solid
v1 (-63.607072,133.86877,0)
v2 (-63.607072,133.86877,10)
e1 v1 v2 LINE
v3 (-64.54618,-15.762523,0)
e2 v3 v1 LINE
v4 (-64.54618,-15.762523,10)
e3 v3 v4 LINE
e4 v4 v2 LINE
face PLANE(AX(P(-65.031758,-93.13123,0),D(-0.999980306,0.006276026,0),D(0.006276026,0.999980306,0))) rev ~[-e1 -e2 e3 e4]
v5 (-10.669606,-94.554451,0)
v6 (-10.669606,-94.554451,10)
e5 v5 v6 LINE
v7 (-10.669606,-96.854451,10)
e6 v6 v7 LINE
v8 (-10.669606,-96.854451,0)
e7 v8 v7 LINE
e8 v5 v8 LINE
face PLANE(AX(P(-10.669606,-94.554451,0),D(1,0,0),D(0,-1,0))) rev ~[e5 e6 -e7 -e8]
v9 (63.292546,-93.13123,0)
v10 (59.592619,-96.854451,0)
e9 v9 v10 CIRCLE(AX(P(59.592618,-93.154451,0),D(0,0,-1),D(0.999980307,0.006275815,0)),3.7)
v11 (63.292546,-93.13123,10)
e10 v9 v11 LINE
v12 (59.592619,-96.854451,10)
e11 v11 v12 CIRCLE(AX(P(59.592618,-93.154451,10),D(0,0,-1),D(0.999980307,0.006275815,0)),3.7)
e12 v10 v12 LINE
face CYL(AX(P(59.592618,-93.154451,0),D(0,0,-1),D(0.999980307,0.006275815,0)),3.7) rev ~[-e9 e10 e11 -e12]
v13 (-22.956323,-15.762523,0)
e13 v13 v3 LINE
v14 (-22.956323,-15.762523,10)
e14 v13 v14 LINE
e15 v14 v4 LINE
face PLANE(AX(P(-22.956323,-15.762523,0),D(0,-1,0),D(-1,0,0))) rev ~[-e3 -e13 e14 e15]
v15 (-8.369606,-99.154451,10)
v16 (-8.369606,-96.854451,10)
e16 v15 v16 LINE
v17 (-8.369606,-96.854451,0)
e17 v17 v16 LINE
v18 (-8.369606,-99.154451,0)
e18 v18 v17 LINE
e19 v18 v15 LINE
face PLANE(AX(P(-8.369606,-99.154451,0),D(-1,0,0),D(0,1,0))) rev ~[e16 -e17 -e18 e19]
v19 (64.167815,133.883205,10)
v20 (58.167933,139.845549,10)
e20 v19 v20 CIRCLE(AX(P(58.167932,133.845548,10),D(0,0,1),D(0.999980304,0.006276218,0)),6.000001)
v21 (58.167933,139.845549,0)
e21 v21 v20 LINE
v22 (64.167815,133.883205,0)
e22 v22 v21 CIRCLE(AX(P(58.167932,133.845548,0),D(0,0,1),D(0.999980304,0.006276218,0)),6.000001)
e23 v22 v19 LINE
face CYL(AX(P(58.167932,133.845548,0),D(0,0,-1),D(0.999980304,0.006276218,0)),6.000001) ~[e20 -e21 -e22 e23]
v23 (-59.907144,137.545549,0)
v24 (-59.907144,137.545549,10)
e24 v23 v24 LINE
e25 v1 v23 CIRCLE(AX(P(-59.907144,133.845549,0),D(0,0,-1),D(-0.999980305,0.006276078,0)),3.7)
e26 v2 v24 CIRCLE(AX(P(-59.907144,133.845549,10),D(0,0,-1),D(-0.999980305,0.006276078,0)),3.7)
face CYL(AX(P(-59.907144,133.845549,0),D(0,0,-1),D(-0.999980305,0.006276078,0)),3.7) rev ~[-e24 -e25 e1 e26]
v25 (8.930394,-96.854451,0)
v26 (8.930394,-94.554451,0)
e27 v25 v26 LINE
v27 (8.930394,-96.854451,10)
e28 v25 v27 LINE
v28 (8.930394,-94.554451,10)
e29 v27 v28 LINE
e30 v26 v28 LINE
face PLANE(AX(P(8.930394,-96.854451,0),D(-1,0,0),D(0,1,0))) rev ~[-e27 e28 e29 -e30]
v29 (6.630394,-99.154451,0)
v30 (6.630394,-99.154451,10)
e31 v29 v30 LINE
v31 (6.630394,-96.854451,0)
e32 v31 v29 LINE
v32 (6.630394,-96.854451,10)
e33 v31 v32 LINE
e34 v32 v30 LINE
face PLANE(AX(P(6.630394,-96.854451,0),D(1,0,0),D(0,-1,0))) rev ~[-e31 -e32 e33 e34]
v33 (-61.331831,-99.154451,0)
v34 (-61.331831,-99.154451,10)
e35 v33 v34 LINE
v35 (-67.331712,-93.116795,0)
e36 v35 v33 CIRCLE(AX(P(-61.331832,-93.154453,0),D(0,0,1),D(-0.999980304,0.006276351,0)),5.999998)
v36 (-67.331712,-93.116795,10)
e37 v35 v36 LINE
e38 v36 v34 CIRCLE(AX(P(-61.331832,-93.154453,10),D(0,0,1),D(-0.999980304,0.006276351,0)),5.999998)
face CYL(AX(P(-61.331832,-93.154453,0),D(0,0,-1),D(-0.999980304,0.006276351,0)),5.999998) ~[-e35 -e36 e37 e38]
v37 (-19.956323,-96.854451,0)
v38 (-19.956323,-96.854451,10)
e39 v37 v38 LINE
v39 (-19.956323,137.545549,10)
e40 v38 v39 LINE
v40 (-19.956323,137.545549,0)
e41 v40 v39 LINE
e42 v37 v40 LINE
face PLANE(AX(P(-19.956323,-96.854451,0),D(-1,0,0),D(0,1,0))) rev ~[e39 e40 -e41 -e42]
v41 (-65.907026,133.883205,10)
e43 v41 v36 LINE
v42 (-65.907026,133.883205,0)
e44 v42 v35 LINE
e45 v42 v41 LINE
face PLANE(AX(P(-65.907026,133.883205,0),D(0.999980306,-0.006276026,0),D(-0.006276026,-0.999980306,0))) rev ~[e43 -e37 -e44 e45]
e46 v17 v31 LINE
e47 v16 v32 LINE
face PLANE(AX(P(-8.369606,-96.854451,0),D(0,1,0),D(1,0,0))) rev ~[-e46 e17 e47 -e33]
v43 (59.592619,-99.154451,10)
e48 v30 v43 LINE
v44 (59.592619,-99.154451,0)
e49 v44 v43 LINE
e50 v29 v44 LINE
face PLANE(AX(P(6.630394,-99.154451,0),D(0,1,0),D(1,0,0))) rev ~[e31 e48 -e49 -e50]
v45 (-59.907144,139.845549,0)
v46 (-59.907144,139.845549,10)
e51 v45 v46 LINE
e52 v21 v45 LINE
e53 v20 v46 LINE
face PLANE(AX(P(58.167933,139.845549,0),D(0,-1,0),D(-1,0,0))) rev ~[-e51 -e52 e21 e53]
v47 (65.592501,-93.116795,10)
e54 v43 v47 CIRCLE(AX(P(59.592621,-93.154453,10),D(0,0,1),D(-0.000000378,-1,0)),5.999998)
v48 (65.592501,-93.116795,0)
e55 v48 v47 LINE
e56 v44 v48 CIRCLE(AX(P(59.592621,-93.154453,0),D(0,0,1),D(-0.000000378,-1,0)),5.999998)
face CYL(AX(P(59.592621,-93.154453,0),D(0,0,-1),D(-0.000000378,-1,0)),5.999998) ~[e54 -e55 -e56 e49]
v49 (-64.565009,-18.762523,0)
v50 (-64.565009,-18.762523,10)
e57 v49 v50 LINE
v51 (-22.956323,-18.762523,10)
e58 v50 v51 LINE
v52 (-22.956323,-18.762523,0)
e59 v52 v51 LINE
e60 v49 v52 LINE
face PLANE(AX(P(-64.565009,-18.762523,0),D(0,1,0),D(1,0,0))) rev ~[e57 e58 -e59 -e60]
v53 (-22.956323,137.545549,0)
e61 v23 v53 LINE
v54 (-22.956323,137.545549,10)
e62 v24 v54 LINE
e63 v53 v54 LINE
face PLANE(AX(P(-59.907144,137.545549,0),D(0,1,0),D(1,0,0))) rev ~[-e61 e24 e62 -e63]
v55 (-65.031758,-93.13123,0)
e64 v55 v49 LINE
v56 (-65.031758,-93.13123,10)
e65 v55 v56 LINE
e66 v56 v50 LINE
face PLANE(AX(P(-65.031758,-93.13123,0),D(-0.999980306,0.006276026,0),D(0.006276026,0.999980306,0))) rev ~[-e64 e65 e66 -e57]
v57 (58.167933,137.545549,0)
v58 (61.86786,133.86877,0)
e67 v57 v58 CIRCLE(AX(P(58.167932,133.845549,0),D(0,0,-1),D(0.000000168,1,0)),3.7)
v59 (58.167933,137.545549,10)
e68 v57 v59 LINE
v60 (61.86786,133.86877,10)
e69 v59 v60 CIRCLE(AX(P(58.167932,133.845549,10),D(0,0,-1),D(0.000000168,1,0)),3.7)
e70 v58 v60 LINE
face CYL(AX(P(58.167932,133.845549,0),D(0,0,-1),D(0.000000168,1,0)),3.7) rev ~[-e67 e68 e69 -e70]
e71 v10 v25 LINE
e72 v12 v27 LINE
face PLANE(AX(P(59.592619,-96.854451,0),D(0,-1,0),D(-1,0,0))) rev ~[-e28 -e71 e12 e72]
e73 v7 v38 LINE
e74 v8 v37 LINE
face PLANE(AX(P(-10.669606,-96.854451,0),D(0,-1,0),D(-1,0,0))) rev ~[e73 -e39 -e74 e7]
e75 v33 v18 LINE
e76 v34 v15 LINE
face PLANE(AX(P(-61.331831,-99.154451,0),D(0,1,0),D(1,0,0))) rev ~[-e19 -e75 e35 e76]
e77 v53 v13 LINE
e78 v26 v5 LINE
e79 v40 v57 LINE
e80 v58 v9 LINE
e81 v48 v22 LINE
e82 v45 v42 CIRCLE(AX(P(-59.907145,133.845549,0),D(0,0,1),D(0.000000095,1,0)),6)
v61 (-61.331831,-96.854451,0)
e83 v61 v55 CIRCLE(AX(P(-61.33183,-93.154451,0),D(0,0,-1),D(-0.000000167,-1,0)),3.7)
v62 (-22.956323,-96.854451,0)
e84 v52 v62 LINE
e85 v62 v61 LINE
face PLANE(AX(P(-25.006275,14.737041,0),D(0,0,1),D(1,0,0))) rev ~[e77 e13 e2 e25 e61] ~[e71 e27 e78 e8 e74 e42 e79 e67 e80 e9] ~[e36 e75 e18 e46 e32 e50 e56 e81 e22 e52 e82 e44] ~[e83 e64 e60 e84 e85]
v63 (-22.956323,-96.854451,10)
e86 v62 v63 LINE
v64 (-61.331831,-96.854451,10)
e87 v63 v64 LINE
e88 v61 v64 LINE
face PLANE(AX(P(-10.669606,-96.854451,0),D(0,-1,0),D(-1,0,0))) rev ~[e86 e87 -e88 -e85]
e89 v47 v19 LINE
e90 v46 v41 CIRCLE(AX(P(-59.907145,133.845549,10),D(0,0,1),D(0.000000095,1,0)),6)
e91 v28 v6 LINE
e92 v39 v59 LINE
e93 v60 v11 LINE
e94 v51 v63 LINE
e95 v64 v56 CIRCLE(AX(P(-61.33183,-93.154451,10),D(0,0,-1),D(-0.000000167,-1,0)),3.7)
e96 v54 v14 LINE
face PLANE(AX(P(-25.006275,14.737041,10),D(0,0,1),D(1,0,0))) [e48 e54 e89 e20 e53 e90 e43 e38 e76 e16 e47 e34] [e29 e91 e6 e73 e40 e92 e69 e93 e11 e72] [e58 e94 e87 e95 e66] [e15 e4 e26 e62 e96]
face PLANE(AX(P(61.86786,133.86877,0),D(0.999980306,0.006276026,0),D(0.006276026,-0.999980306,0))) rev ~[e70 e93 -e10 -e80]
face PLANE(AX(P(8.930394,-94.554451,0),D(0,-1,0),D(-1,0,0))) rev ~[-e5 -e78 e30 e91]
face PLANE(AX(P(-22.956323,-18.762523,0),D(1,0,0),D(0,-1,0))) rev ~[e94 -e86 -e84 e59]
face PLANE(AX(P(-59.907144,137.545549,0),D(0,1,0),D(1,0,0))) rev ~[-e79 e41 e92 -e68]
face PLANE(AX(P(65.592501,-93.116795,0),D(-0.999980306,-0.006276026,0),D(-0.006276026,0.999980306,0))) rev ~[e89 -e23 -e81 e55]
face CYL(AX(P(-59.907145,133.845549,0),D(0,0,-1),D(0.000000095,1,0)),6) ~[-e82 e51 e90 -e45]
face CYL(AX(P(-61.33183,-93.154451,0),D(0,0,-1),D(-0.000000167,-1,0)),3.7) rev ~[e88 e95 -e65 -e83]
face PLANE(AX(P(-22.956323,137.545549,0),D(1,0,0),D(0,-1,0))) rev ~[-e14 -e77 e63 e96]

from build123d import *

# Parameters (mm, degrees)
F1_DEPTH = 10
F3_DEPTH = 10


with BuildPart() as f1:
    # F0 (on Top) → F1 (new body)
    with BuildSketch(Plane.XY):
        with BuildLine():
            ThreePointArc((-67.331712, -93.116795), (-65.587764, -97.383758), (-61.331831, -99.154451))
            Line((-61.331831, -99.154451), (-8.369606, -99.154451))
            Line((-8.369606, -99.154451), (-8.369606, -96.854451))
            Line((-8.369606, -96.854451), (6.630394, -96.854451))
            Line((6.630394, -96.854451), (6.630394, -99.154451))
            Line((6.630394, -99.154451), (59.592619, -99.154451))
            ThreePointArc((59.592619, -99.154451), (63.848553, -97.383758), (65.592501, -93.116795))
            Line((65.592501, -93.116795), (64.167815, 133.883205))
            ThreePointArc((64.167815, 133.883205), (62.397239, 138.101482), (58.167933, 139.845549))
            Line((58.167933, 139.845549), (-59.907144, 139.845549))
            ThreePointArc((-59.907144, 139.845549), (-64.136451, 138.101482), (-65.907026, 133.883205))
            Line((-65.907026, 133.883205), (-67.331712, -93.116795))
        make_face()
        with BuildLine():
            Line((-10.669606, -96.854451), (-61.331831, -96.854451))
            ThreePointArc((-61.331831, -96.854451), (-63.956323, -95.762523), (-65.031758, -93.13123))
            Line((-65.031758, -93.13123), (-63.607072, 133.86877))
            ThreePointArc((-63.607072, 133.86877), (-62.515217, 136.470041), (-59.907144, 137.545549))
            Line((-59.907144, 137.545549), (58.167933, 137.545549))
            ThreePointArc((58.167933, 137.545549), (60.776005, 136.470041), (61.86786, 133.86877))
            Line((61.86786, 133.86877), (63.292546, -93.13123))
            ThreePointArc((63.292546, -93.13123), (62.217111, -95.762523), (59.592619, -96.854451))
            Line((59.592619, -96.854451), (8.930394, -96.854451))
            Line((8.930394, -96.854451), (8.930394, -94.554451))
            Line((8.930394, -94.554451), (-10.669606, -94.554451))
            Line((-10.669606, -94.554451), (-10.669606, -96.854451))
        make_face(mode=Mode.SUBTRACT)
    extrude(amount=F1_DEPTH)

    # F2 (on face) → F3 (join)
    with BuildSketch(Plane.XY):
        Polygon((-64.565009, -18.762523), (-63.956323, -18.762523), (-22.956323, -18.762523), (-22.956323, -95.762523), (-22.956323, -96.854451), (-19.956323, -96.854451), (-19.956323, -18.762523), (-19.956323, 137.545549), (-22.956323, 137.545549), (-22.956323, -15.762523), (-64.565009, -15.762523), align=None)
    extrude(amount=F3_DEPTH)


solid = f1.part
